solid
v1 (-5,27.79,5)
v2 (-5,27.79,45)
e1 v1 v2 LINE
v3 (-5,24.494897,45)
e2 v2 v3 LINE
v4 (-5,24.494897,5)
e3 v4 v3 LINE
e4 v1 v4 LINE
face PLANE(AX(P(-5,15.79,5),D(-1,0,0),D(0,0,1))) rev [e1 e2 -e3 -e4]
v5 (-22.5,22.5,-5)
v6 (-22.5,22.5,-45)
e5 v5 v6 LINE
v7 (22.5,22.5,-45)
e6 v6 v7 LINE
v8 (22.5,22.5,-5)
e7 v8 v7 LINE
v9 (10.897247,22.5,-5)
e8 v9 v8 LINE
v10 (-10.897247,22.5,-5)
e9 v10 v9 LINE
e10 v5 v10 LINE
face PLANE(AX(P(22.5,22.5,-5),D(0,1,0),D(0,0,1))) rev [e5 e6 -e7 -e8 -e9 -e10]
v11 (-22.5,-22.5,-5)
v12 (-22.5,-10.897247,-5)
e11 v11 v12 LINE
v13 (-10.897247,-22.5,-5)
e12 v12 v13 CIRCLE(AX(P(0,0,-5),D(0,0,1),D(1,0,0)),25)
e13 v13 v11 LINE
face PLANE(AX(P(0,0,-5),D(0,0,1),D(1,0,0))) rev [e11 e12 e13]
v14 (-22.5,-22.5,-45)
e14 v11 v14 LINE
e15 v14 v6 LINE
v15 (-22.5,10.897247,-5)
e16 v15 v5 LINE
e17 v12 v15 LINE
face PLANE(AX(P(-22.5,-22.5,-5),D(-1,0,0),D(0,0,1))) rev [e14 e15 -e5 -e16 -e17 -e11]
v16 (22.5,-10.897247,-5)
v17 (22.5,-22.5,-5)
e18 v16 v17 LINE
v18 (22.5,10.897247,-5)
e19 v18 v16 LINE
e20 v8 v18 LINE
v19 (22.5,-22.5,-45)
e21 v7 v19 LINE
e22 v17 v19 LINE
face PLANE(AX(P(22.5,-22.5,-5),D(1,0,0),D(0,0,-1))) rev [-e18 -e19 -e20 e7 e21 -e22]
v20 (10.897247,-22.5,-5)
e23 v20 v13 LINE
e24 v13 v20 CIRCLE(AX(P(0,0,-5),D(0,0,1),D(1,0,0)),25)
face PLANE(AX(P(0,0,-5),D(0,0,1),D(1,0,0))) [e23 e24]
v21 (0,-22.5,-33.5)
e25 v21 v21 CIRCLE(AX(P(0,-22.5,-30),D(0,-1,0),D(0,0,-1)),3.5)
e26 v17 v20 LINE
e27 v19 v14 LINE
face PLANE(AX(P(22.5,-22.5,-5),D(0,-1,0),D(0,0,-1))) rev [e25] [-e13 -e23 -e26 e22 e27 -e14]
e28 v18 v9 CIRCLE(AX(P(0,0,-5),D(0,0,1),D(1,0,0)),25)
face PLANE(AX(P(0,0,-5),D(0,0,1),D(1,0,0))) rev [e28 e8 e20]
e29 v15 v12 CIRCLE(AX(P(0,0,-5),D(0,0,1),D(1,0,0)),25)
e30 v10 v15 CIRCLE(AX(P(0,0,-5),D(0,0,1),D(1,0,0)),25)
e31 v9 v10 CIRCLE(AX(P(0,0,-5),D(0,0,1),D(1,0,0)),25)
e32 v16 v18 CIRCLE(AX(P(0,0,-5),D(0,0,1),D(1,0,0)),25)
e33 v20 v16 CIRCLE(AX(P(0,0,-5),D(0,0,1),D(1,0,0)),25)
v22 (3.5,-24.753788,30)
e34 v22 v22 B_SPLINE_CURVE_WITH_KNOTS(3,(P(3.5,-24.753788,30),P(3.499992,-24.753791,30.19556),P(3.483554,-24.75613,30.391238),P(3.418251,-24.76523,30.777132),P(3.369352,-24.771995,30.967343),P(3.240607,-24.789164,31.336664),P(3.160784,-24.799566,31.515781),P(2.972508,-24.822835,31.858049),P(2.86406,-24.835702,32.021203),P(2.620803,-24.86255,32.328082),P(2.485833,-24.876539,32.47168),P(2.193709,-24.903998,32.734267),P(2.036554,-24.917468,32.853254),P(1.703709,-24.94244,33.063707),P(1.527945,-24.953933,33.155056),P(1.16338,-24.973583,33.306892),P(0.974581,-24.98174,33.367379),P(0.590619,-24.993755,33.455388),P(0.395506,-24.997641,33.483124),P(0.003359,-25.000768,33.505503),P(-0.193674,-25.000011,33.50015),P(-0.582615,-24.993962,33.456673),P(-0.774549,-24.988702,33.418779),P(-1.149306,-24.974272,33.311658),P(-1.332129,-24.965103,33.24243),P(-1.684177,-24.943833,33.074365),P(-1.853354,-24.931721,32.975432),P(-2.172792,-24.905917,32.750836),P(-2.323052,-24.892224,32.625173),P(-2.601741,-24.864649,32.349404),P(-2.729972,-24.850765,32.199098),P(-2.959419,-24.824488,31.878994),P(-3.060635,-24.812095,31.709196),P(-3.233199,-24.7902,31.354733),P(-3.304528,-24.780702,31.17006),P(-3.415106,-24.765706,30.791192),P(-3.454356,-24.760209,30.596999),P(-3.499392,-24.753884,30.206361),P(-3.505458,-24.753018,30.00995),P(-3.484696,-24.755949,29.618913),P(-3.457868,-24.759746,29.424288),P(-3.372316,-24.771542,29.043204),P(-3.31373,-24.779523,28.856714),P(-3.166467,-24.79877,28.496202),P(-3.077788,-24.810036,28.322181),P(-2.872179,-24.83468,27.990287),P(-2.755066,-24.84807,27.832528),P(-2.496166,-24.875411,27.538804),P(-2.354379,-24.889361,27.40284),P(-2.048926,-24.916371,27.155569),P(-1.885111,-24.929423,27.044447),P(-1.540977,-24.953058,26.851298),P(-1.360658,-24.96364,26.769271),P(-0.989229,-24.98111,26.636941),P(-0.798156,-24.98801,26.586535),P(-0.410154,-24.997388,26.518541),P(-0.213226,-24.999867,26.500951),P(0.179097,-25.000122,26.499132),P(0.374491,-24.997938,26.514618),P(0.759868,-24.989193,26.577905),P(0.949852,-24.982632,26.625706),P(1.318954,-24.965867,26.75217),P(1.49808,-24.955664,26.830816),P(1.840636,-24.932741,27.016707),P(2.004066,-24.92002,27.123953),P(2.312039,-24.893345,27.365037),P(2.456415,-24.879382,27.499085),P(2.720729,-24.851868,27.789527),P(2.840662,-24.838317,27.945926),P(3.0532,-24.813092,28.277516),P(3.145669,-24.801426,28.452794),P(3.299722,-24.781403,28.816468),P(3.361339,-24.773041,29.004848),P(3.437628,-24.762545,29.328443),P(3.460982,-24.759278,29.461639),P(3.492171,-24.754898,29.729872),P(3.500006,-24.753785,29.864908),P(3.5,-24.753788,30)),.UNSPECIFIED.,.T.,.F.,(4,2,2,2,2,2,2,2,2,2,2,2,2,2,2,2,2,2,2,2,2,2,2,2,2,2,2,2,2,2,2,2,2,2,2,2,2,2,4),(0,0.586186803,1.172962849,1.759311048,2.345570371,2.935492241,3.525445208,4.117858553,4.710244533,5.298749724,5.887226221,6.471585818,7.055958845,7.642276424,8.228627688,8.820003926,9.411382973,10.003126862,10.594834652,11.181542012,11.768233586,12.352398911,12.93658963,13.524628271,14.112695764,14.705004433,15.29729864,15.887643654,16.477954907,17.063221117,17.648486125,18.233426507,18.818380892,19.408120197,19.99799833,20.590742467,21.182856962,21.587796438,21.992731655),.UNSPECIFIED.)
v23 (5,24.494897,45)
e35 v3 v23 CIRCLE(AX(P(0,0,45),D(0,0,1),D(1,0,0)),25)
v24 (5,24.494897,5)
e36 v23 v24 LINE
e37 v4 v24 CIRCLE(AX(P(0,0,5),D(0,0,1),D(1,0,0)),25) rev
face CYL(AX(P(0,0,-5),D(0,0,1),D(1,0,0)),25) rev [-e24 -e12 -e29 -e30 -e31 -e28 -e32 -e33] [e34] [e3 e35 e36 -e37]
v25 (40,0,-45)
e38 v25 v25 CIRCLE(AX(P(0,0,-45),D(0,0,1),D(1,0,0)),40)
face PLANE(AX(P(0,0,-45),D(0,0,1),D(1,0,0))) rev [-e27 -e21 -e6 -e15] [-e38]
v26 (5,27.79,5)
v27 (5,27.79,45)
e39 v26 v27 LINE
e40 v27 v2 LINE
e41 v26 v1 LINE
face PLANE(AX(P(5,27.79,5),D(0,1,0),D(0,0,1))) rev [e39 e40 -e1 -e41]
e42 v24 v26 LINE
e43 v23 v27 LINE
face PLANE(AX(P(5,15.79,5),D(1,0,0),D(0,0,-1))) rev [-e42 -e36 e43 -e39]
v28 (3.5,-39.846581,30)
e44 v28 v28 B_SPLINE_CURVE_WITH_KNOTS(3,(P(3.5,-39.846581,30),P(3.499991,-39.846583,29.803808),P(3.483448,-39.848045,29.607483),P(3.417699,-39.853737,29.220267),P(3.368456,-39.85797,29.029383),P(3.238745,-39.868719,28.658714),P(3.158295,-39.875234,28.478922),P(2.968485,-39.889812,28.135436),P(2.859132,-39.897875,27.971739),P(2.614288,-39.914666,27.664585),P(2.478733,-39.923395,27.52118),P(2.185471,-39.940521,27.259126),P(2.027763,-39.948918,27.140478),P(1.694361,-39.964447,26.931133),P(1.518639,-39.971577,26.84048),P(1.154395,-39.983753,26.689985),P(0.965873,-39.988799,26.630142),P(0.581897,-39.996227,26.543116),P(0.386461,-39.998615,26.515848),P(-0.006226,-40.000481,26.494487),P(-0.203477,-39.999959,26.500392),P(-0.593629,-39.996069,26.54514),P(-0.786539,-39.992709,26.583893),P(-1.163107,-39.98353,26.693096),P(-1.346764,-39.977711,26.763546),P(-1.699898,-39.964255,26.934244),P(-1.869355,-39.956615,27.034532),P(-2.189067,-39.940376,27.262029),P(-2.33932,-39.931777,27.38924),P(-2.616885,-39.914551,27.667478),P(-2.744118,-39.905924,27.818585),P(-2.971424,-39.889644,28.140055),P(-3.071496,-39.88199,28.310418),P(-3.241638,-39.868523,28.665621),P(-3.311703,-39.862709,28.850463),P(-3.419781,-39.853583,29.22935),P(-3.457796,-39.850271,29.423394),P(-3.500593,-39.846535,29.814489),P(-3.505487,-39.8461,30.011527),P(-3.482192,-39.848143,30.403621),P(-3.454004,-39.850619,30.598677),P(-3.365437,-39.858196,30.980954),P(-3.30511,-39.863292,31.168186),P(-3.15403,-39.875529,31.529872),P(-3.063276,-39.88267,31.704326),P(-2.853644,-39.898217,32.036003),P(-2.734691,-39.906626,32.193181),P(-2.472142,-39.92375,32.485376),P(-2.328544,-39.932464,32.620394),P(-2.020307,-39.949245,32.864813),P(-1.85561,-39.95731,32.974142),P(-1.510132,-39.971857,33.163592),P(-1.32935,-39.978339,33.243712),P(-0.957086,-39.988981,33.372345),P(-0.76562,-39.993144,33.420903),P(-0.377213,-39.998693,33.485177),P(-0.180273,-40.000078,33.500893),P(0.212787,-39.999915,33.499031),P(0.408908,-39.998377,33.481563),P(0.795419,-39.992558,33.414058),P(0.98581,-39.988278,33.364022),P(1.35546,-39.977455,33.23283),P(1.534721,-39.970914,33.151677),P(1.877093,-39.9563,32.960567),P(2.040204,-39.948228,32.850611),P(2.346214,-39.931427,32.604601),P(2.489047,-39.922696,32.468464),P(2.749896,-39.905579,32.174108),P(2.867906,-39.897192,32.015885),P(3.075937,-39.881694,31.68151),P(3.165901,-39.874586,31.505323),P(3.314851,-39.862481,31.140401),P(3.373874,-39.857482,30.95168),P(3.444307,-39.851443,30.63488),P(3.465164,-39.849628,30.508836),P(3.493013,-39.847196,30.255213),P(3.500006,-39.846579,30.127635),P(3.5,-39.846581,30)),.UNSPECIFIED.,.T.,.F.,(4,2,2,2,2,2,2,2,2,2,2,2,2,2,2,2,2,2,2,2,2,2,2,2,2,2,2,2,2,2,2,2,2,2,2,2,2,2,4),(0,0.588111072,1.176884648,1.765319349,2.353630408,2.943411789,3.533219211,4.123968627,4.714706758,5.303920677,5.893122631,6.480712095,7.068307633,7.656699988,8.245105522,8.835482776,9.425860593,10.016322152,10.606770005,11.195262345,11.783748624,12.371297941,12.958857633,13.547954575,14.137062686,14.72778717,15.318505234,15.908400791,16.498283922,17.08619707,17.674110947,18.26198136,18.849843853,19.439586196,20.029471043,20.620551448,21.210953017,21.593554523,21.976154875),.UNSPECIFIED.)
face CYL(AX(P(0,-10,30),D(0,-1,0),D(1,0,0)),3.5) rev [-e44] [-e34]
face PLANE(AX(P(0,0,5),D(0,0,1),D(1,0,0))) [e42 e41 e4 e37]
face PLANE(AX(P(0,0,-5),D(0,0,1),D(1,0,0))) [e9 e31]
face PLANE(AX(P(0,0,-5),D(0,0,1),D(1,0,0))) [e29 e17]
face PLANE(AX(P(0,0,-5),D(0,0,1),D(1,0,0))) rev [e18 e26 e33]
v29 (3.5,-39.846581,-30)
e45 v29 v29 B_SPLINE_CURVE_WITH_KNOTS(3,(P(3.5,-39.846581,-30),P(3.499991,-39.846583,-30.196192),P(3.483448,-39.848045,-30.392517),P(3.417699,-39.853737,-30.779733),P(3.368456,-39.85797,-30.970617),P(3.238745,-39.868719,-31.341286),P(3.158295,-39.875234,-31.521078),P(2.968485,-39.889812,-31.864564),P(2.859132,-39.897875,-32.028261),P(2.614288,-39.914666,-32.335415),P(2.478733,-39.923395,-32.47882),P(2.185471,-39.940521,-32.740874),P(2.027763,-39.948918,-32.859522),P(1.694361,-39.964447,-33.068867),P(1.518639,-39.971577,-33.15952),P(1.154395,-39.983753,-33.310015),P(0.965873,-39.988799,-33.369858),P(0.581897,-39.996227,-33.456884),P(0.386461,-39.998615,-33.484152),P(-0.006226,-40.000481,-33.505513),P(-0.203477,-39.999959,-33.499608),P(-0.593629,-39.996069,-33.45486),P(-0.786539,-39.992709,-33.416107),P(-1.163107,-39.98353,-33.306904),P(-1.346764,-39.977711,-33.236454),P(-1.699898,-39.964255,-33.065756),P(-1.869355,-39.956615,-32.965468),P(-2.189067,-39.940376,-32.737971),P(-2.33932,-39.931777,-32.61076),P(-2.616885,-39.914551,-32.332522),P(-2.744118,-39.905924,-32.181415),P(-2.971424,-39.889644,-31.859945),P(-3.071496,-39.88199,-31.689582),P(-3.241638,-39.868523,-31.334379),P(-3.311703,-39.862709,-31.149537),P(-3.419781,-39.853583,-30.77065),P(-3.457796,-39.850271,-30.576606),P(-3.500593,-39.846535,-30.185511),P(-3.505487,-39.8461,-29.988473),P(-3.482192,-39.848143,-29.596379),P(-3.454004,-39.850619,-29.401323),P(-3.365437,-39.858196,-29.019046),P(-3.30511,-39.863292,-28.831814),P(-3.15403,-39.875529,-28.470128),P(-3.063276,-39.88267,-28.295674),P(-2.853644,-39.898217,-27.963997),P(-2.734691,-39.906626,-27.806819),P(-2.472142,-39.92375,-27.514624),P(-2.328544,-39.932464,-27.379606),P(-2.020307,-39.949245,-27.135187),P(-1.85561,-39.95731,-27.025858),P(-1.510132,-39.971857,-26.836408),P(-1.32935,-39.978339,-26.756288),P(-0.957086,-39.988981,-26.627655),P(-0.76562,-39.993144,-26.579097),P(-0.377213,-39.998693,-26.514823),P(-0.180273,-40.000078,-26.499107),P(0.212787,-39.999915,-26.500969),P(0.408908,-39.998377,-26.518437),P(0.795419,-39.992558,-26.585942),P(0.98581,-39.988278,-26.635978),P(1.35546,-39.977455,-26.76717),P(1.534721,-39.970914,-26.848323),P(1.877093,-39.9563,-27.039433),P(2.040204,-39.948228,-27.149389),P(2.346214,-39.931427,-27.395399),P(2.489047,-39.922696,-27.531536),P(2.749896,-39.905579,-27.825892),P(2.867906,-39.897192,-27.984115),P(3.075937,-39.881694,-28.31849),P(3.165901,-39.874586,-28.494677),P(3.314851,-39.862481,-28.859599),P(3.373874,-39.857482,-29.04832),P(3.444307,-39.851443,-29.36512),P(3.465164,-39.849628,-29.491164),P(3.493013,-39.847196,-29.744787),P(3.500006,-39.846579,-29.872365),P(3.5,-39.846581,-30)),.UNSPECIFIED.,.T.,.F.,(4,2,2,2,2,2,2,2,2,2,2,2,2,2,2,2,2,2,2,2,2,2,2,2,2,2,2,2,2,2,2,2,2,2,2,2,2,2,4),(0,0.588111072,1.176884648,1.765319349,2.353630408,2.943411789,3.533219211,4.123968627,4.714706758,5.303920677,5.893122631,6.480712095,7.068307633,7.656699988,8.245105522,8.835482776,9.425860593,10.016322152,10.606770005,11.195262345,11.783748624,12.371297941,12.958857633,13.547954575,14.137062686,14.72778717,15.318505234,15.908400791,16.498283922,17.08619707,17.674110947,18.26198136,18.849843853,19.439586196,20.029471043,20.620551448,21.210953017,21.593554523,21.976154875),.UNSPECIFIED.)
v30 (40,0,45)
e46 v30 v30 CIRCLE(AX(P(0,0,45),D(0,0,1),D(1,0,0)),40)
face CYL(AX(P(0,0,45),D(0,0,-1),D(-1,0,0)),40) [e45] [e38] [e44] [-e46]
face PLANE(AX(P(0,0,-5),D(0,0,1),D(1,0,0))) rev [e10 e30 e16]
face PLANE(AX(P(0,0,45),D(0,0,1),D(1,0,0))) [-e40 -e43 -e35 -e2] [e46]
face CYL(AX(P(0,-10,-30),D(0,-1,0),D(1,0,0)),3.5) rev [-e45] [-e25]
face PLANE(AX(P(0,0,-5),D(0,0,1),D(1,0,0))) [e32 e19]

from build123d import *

# Parameters (mm, degrees)
SKETCH1_R           = 40
BOSS_EXTRUDE1_DEPTH = 45
SKETCH2_R           = 25
CUT_EXTRUDE1_DEPTH  = 50
SKETCH3_W           = 45
SKETCH3_H           = 45
CUT_EXTRUDE2_DEPTH  = 40
SKETCH4_W           = 10
SKETCH4_H           = 12
CUT_EXTRUDE3_DEPTH  = 40
SKETCH5_R           = 3.5
CUT_EXTRUDE4_DEPTH  = 30


with BuildPart() as part:
    # Sketch1 → Boss-Extrude1 (new, symmetric)
    with BuildSketch(Plane.XY):
        with Locations(Location((0, 0, 0), (0, 0, 180))):
            Circle(SKETCH1_R)
    extrude(amount=BOSS_EXTRUDE1_DEPTH, both=True)

    # Sketch2 → Cut-Extrude1 (cut)
    with BuildSketch(Plane.XY.offset(45)):
        Circle(SKETCH2_R)
    extrude(amount=-CUT_EXTRUDE1_DEPTH, mode=Mode.SUBTRACT)

    # Sketch3 → Cut-Extrude2 (cut)
    with BuildSketch(Plane(origin=(0, 0, -45), x_dir=(-1, 0, 0), z_dir=(0, 0, -1))):
        Rectangle(SKETCH3_W, SKETCH3_H)
    extrude(amount=-CUT_EXTRUDE2_DEPTH, mode=Mode.SUBTRACT)

    # Sketch4 → Cut-Extrude3 (cut)
    with BuildSketch(Plane.XY.offset(45)):
        with Locations((0, 21.79)):
            Rectangle(SKETCH4_W, SKETCH4_H)
    extrude(amount=-CUT_EXTRUDE3_DEPTH, mode=Mode.SUBTRACT)

    # Sketch5 → Cut-Extrude4 (cut)
    with BuildSketch(Plane(origin=(0, -40, 45), x_dir=(-1, 0, 0), z_dir=(0, -1, 0))):
        with Locations(Location((0, 15, 0), (0, 0, 180))):
            Circle(SKETCH5_R)
        with Locations(Location((0, 75, 0), (0, 0, 180))):
            Circle(SKETCH5_R)
    extrude(amount=-CUT_EXTRUDE4_DEPTH, mode=Mode.SUBTRACT)


solid = part.part
